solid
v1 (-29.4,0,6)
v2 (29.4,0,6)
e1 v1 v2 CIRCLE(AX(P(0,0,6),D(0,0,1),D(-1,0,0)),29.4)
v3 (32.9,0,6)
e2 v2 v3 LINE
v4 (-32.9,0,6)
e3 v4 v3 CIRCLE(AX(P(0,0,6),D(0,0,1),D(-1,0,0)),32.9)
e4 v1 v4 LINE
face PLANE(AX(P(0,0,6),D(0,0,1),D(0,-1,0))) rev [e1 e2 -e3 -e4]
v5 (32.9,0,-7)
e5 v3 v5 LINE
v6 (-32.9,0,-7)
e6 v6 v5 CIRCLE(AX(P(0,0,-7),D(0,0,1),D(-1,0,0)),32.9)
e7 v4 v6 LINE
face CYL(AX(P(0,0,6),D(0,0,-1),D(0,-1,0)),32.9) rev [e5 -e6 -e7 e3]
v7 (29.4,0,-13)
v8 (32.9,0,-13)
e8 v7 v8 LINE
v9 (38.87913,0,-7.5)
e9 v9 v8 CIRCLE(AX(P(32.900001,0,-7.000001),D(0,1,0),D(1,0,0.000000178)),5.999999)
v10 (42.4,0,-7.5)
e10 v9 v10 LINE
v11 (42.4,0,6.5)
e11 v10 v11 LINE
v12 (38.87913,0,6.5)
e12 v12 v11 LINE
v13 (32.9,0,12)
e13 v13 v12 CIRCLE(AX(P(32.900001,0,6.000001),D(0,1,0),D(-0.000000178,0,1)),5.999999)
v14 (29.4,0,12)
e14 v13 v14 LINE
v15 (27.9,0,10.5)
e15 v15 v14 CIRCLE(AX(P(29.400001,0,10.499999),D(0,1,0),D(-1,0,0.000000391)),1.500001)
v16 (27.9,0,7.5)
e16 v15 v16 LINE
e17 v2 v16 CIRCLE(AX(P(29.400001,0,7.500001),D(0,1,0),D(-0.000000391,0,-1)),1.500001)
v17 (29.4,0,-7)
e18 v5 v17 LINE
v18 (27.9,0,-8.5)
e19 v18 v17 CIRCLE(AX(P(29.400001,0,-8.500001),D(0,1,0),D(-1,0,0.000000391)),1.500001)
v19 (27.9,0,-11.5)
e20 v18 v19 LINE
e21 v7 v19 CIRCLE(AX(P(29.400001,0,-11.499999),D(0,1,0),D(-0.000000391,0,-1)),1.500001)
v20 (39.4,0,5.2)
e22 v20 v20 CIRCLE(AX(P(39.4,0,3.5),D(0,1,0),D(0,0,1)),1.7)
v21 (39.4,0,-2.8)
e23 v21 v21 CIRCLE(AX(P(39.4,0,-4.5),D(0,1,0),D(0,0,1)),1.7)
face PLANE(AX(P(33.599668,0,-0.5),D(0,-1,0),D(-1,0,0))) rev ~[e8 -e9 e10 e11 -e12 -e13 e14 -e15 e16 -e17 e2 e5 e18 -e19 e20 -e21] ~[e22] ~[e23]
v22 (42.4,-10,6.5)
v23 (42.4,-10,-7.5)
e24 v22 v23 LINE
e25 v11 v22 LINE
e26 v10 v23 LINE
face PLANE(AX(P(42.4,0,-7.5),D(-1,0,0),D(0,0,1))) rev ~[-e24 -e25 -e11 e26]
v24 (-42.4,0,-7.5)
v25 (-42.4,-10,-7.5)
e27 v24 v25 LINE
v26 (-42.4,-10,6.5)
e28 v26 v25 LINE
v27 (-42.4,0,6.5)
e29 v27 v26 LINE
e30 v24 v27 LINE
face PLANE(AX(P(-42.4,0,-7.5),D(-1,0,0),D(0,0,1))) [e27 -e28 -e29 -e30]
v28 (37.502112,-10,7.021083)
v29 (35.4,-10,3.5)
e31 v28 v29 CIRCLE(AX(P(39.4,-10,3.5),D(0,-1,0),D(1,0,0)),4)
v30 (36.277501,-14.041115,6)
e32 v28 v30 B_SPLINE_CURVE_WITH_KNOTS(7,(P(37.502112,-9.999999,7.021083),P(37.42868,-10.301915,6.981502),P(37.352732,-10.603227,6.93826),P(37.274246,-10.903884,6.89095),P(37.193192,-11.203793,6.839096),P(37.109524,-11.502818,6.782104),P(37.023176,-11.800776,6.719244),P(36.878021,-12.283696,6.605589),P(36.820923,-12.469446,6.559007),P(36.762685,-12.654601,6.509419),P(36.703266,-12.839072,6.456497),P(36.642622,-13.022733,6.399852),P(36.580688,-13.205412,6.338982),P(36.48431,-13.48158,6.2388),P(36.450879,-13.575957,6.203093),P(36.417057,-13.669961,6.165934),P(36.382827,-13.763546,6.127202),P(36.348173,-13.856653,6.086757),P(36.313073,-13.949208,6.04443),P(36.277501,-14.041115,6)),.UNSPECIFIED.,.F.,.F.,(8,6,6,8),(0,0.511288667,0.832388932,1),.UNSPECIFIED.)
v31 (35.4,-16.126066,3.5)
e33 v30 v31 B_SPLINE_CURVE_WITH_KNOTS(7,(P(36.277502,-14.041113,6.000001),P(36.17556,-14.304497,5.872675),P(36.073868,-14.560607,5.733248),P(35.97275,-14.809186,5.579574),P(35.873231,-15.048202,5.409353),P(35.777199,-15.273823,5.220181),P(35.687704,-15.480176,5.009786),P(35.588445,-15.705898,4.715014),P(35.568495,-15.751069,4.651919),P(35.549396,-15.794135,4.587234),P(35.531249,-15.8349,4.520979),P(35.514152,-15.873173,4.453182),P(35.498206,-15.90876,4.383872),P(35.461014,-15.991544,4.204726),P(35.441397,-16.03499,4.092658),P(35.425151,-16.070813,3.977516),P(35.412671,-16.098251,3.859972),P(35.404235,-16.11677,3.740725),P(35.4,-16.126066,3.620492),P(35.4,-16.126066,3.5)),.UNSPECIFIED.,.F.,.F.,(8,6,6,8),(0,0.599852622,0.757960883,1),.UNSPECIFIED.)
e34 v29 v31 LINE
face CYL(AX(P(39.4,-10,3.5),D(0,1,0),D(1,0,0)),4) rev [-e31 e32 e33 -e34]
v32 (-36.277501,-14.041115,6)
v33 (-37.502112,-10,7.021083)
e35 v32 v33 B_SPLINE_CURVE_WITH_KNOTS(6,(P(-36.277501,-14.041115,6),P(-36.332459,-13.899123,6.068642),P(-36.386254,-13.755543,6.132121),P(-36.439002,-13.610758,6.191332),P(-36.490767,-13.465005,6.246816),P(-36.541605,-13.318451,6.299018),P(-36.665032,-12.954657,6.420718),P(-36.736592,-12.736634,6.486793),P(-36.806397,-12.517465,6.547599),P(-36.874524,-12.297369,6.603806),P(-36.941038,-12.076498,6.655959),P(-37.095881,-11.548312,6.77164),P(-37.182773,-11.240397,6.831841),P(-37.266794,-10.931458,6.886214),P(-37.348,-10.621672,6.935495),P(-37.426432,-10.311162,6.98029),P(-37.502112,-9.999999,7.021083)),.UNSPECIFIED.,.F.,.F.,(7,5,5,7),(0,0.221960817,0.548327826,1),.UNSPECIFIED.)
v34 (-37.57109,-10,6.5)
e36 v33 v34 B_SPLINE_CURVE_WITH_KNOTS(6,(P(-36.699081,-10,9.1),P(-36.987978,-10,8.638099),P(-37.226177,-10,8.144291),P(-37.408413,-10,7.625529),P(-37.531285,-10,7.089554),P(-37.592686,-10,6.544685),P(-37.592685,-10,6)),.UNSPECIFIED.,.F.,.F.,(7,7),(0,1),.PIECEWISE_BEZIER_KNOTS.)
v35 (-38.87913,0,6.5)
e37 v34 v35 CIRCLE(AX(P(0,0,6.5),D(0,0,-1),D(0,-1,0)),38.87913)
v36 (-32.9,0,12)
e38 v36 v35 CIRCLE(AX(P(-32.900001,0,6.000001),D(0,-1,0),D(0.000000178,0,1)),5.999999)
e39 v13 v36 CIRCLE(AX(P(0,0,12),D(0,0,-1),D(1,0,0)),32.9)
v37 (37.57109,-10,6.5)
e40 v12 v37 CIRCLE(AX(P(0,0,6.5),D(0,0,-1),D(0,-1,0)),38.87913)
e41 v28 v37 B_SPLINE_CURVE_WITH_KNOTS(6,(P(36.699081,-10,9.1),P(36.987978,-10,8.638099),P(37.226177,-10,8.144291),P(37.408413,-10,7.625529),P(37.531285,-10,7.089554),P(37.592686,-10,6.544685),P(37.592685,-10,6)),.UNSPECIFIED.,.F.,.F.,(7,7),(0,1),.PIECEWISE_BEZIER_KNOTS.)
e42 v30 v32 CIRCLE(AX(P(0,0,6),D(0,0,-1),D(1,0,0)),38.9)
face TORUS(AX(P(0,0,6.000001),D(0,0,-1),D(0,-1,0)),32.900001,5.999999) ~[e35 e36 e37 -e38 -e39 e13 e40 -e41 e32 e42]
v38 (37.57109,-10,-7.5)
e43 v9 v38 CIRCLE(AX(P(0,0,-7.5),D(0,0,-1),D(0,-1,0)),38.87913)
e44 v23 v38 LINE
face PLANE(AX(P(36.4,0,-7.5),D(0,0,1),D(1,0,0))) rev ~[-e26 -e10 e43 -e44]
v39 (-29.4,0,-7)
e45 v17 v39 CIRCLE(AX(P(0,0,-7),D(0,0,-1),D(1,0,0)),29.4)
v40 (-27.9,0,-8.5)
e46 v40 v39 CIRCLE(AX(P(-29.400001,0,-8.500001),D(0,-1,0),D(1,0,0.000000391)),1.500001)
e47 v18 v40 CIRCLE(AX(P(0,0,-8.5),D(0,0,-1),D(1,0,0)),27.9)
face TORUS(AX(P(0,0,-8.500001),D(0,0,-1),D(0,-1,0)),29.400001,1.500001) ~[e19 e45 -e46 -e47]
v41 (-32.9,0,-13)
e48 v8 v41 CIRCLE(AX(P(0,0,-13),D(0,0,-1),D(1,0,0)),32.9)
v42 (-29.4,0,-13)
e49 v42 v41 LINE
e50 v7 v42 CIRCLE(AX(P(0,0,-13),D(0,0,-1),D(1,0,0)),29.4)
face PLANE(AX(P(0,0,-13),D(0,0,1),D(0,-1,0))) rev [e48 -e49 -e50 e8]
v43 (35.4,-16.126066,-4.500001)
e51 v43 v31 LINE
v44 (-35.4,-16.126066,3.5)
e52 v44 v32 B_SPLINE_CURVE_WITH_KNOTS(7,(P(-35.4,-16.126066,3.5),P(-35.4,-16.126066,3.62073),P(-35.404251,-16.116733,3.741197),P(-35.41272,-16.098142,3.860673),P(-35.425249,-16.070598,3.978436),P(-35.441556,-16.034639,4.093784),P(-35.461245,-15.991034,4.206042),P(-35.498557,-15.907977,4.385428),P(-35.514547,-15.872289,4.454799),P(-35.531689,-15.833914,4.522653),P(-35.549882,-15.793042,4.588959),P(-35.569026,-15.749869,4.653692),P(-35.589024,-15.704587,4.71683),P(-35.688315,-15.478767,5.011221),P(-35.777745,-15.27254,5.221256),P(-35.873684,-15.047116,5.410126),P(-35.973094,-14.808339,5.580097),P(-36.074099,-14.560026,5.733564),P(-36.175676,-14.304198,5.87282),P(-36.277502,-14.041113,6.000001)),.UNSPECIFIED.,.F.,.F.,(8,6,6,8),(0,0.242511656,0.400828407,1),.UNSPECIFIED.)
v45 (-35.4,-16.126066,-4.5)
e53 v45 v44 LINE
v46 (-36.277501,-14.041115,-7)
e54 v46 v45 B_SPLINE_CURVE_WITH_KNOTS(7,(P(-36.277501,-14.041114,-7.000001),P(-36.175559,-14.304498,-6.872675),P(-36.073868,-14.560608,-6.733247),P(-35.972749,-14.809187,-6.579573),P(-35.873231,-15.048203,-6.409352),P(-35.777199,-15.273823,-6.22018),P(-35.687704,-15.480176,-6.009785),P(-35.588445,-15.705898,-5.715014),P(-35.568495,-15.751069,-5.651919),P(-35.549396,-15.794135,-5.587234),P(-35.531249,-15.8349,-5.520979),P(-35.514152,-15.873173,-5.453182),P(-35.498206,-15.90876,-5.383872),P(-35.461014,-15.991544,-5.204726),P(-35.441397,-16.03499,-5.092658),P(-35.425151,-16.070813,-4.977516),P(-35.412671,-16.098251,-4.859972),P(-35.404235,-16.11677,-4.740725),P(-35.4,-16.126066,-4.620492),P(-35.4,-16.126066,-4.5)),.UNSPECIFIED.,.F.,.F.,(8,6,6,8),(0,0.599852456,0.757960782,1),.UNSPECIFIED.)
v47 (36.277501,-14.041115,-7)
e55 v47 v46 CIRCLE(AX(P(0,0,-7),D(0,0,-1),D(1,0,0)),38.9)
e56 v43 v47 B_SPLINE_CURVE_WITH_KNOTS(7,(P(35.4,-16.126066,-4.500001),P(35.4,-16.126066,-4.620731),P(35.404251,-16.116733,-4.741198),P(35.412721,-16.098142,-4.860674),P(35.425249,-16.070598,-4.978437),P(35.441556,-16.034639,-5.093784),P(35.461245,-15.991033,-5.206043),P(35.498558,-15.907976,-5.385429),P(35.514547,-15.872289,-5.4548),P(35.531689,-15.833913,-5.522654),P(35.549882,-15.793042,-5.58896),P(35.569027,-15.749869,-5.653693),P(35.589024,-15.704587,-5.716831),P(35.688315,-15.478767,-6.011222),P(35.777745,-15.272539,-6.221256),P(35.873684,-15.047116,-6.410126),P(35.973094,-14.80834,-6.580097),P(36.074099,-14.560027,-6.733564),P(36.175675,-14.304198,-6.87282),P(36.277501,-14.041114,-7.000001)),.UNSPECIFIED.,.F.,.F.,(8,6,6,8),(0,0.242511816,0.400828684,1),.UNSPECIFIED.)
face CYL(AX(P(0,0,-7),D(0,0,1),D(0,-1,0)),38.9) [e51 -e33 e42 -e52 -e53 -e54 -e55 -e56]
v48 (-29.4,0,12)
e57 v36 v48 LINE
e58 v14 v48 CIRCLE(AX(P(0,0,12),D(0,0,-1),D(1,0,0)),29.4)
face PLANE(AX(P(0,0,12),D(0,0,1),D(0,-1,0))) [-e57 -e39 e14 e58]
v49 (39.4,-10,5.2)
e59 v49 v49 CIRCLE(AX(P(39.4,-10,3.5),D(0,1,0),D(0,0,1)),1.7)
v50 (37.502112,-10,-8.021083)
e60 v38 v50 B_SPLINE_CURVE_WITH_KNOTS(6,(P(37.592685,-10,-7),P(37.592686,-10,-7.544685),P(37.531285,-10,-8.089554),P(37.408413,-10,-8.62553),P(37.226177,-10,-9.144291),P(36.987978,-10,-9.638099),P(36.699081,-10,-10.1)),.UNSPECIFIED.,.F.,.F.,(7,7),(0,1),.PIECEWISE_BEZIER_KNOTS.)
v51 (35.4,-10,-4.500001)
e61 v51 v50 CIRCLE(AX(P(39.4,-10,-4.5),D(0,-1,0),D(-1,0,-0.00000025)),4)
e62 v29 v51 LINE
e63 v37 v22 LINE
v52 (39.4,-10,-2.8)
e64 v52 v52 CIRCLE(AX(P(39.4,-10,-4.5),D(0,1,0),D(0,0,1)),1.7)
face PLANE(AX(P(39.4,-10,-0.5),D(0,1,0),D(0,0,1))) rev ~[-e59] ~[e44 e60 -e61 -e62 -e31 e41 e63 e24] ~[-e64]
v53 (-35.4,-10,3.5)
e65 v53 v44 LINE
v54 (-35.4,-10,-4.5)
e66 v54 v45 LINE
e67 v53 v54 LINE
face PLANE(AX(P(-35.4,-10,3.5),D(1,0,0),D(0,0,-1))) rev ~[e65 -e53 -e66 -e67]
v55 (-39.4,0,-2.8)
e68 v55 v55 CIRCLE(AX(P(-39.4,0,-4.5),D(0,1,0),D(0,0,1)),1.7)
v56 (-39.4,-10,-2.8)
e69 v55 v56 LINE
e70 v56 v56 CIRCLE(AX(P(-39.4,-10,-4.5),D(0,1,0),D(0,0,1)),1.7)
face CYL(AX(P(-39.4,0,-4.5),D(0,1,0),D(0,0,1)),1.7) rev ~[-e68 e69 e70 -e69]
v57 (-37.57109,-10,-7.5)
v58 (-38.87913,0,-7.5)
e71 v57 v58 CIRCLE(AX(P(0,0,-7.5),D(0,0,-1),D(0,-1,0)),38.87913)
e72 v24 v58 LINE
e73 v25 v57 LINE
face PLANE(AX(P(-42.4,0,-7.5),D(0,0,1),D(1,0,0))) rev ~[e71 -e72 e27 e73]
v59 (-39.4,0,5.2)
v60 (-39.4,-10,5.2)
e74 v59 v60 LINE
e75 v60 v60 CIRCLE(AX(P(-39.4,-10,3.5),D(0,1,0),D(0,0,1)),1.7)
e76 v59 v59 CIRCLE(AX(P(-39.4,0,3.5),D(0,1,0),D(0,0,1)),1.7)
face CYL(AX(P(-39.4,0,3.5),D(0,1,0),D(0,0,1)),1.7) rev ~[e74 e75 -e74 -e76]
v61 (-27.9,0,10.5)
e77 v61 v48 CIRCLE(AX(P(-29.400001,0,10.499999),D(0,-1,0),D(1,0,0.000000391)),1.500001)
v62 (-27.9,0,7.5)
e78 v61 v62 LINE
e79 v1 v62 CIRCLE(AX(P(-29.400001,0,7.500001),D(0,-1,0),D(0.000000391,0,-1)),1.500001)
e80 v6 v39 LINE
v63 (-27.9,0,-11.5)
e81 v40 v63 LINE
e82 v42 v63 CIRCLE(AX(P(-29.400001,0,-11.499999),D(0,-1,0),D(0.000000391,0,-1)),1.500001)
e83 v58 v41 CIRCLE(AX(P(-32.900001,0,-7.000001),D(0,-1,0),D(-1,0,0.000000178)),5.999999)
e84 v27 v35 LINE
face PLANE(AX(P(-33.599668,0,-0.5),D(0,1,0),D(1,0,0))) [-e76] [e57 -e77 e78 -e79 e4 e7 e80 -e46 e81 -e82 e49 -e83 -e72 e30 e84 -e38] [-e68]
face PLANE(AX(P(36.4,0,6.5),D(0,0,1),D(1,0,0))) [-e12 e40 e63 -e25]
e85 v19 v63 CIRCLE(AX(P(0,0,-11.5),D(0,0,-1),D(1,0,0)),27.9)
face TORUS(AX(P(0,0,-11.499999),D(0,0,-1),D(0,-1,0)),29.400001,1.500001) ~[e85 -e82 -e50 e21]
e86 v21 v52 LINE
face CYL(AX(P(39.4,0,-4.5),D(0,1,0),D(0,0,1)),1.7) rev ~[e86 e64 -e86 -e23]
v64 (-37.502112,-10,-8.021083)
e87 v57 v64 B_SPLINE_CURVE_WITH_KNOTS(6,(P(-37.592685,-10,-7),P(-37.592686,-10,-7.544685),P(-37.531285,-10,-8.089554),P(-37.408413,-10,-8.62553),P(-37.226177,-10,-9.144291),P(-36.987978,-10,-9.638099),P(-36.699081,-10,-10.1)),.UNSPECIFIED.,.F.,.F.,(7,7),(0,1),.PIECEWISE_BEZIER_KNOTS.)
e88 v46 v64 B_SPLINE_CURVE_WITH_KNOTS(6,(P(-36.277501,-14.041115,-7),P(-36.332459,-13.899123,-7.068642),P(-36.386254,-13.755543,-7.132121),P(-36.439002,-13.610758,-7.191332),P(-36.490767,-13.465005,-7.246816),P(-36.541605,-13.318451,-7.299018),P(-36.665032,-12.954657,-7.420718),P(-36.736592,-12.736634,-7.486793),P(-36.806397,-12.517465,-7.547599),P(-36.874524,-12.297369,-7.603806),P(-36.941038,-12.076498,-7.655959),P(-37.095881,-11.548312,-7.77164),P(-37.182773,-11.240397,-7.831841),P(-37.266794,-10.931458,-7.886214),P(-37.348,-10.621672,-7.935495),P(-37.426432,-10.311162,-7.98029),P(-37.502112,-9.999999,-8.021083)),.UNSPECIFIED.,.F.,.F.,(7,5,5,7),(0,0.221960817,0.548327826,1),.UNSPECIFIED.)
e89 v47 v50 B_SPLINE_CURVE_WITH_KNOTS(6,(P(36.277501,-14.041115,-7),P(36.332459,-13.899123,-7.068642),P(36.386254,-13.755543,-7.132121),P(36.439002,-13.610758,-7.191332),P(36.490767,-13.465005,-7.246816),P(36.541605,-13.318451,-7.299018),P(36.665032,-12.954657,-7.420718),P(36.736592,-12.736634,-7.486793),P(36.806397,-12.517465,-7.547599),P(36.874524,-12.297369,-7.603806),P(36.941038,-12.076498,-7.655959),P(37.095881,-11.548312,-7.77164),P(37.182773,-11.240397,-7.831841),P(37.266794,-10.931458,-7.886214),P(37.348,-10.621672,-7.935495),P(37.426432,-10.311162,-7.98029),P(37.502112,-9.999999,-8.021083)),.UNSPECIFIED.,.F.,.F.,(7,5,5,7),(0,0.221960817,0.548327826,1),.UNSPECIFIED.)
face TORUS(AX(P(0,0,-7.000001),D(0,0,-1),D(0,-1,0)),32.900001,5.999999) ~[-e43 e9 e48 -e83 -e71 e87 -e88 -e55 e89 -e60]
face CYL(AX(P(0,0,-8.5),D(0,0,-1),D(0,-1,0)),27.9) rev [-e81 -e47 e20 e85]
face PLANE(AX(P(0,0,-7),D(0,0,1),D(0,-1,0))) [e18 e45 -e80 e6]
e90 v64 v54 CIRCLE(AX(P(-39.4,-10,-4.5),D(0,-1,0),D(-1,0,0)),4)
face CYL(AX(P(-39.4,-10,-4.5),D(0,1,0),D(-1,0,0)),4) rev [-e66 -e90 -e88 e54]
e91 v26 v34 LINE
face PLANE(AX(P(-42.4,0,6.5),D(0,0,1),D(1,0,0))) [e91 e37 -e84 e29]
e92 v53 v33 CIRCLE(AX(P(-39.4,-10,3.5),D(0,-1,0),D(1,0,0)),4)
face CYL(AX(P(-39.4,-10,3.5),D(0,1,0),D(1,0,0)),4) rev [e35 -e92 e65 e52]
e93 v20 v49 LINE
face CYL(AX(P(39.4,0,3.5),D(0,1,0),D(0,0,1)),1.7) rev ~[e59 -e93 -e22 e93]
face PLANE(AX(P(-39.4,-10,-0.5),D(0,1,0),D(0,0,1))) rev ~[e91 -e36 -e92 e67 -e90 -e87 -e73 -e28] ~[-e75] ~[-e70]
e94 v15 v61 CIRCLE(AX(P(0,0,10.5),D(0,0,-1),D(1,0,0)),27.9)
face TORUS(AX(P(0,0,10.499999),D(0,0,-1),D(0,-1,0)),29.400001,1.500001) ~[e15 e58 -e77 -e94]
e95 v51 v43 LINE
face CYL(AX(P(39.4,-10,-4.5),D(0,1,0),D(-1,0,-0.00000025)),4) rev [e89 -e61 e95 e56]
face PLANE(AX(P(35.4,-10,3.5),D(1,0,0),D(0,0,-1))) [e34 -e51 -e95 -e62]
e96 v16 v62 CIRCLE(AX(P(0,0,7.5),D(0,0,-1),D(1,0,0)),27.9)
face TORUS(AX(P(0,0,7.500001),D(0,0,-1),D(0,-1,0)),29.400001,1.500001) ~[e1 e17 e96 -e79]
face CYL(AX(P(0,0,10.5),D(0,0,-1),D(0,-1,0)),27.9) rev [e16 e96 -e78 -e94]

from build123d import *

# Parameters (mm, degrees)
REVOLUTION007_ANGLE     = 180
SKETCH064_W             = 14
SKETCH064_H             = 6
PAD026_DEPTH            = 10
SKETCH063_R             = 1.7
POCKET007_DEPTH         = 38.901
POCKET008_DEPTH         = 28.901
BODY015_PLACEMENT_ANGLE = 180


with BuildPart() as part:
    # Sketch062 → Revolution007 (revolve, symmetric)
    with BuildSketch(Plane.YZ) as revolution007_sk:
        with BuildLine():
            Line((32.9, 0), (32.9, 6.5))
            Line((32.9, 6.5), (29.4, 6.5))
            ThreePointArc((27.9, 8), (28.33934, 6.93934), (29.4, 6.5))
            Line((27.9, 8), (27.9, 11))
            ThreePointArc((29.4, 12.5), (28.33934, 12.06066), (27.9, 11))
            Line((29.4, 12.5), (32.9, 12.5))
            ThreePointArc((38.9, 6.5), (37.142641, 10.742641), (32.9, 12.5))
            Line((38.9, 6.5), (38.9, 0))
            Line((38.9, 0), (38.9, -6.5))
            ThreePointArc((32.9, -12.5), (37.142641, -10.742641), (38.9, -6.5))
            Line((32.9, -12.5), (29.4, -12.5))
            ThreePointArc((27.9, -11), (28.33934, -12.06066), (29.4, -12.5))
            Line((27.9, -11), (27.9, -8))
            ThreePointArc((29.4, -6.5), (28.33934, -6.93934), (27.9, -8))
            Line((29.4, -6.5), (32.9, -6.5))
            Line((32.9, -6.5), (32.9, 0))
        make_face()
    revolve(axis=Axis((0, 0, 0), (0, 0, 1)), revolution_arc=REVOLUTION007_ANGLE / 2)
    revolve(revolution007_sk.sketch, axis=Axis((0, 0, 0), (0, 0, -1)), revolution_arc=REVOLUTION007_ANGLE / 2)

    # Sketch064 (on Face18 of Revolution007) → Pad026 (new body)
    with BuildSketch(Plane(origin=(0, 0, 0), x_dir=(0, 0, -1), z_dir=(0, -1, 0))):
        with Locations((0, 39.4)):
            Rectangle(SKETCH064_W, SKETCH064_H)
        with Locations((0, -39.4)):
            Rectangle(SKETCH064_W, SKETCH064_H)
    extrude(amount=-PAD026_DEPTH)

    # Sketch063 (on Face18 of Revolution007) → Pocket007 (cut, through all)
    with BuildSketch(Plane(origin=(0, 0, 0), x_dir=(0, 0, -1), z_dir=(0, -1, 0))):
        with Locations((4, 39.4)):
            Circle(SKETCH063_R)
        with Locations((-4, 39.4)):
            Circle(SKETCH063_R)
        with Locations((-4, -39.4)):
            Circle(SKETCH063_R)
        with Locations((4, -39.4)):
            Circle(SKETCH063_R)
    extrude(amount=-POCKET007_DEPTH, mode=Mode.SUBTRACT)

    # Sketch065 (on Face22 of Pocket007) → Pocket008 (cut, through all)
    with BuildSketch(Plane.ZX.offset(10)):
        with BuildLine():
            Line((-4, 43.4), (4.000001, 43.4))
            ThreePointArc((4.000001, 35.4), (8, 39.4), (4.000001, 43.4))
            Line((-4, 35.4), (4.000001, 35.4))
            ThreePointArc((-4, 43.4), (-8, 39.4), (-4, 35.4))
        make_face()
        with BuildLine():
            Line((-4, -35.4), (4, -35.4))
            ThreePointArc((4, -43.4), (8, -39.4), (4, -35.4))
            Line((-4, -43.4), (4, -43.4))
            ThreePointArc((-4, -35.4), (-8, -39.4), (-4, -43.4))
        make_face()
    extrude(amount=POCKET008_DEPTH, mode=Mode.SUBTRACT)


with BuildPart() as part_1:
    # Body015 placement: moved
    add(part.part.moved(Location((0, 0, -0.5))).rotate(Axis((0, 0, -0.5), (1, 0, 0)), BODY015_PLACEMENT_ANGLE))


solid = part_1.part
